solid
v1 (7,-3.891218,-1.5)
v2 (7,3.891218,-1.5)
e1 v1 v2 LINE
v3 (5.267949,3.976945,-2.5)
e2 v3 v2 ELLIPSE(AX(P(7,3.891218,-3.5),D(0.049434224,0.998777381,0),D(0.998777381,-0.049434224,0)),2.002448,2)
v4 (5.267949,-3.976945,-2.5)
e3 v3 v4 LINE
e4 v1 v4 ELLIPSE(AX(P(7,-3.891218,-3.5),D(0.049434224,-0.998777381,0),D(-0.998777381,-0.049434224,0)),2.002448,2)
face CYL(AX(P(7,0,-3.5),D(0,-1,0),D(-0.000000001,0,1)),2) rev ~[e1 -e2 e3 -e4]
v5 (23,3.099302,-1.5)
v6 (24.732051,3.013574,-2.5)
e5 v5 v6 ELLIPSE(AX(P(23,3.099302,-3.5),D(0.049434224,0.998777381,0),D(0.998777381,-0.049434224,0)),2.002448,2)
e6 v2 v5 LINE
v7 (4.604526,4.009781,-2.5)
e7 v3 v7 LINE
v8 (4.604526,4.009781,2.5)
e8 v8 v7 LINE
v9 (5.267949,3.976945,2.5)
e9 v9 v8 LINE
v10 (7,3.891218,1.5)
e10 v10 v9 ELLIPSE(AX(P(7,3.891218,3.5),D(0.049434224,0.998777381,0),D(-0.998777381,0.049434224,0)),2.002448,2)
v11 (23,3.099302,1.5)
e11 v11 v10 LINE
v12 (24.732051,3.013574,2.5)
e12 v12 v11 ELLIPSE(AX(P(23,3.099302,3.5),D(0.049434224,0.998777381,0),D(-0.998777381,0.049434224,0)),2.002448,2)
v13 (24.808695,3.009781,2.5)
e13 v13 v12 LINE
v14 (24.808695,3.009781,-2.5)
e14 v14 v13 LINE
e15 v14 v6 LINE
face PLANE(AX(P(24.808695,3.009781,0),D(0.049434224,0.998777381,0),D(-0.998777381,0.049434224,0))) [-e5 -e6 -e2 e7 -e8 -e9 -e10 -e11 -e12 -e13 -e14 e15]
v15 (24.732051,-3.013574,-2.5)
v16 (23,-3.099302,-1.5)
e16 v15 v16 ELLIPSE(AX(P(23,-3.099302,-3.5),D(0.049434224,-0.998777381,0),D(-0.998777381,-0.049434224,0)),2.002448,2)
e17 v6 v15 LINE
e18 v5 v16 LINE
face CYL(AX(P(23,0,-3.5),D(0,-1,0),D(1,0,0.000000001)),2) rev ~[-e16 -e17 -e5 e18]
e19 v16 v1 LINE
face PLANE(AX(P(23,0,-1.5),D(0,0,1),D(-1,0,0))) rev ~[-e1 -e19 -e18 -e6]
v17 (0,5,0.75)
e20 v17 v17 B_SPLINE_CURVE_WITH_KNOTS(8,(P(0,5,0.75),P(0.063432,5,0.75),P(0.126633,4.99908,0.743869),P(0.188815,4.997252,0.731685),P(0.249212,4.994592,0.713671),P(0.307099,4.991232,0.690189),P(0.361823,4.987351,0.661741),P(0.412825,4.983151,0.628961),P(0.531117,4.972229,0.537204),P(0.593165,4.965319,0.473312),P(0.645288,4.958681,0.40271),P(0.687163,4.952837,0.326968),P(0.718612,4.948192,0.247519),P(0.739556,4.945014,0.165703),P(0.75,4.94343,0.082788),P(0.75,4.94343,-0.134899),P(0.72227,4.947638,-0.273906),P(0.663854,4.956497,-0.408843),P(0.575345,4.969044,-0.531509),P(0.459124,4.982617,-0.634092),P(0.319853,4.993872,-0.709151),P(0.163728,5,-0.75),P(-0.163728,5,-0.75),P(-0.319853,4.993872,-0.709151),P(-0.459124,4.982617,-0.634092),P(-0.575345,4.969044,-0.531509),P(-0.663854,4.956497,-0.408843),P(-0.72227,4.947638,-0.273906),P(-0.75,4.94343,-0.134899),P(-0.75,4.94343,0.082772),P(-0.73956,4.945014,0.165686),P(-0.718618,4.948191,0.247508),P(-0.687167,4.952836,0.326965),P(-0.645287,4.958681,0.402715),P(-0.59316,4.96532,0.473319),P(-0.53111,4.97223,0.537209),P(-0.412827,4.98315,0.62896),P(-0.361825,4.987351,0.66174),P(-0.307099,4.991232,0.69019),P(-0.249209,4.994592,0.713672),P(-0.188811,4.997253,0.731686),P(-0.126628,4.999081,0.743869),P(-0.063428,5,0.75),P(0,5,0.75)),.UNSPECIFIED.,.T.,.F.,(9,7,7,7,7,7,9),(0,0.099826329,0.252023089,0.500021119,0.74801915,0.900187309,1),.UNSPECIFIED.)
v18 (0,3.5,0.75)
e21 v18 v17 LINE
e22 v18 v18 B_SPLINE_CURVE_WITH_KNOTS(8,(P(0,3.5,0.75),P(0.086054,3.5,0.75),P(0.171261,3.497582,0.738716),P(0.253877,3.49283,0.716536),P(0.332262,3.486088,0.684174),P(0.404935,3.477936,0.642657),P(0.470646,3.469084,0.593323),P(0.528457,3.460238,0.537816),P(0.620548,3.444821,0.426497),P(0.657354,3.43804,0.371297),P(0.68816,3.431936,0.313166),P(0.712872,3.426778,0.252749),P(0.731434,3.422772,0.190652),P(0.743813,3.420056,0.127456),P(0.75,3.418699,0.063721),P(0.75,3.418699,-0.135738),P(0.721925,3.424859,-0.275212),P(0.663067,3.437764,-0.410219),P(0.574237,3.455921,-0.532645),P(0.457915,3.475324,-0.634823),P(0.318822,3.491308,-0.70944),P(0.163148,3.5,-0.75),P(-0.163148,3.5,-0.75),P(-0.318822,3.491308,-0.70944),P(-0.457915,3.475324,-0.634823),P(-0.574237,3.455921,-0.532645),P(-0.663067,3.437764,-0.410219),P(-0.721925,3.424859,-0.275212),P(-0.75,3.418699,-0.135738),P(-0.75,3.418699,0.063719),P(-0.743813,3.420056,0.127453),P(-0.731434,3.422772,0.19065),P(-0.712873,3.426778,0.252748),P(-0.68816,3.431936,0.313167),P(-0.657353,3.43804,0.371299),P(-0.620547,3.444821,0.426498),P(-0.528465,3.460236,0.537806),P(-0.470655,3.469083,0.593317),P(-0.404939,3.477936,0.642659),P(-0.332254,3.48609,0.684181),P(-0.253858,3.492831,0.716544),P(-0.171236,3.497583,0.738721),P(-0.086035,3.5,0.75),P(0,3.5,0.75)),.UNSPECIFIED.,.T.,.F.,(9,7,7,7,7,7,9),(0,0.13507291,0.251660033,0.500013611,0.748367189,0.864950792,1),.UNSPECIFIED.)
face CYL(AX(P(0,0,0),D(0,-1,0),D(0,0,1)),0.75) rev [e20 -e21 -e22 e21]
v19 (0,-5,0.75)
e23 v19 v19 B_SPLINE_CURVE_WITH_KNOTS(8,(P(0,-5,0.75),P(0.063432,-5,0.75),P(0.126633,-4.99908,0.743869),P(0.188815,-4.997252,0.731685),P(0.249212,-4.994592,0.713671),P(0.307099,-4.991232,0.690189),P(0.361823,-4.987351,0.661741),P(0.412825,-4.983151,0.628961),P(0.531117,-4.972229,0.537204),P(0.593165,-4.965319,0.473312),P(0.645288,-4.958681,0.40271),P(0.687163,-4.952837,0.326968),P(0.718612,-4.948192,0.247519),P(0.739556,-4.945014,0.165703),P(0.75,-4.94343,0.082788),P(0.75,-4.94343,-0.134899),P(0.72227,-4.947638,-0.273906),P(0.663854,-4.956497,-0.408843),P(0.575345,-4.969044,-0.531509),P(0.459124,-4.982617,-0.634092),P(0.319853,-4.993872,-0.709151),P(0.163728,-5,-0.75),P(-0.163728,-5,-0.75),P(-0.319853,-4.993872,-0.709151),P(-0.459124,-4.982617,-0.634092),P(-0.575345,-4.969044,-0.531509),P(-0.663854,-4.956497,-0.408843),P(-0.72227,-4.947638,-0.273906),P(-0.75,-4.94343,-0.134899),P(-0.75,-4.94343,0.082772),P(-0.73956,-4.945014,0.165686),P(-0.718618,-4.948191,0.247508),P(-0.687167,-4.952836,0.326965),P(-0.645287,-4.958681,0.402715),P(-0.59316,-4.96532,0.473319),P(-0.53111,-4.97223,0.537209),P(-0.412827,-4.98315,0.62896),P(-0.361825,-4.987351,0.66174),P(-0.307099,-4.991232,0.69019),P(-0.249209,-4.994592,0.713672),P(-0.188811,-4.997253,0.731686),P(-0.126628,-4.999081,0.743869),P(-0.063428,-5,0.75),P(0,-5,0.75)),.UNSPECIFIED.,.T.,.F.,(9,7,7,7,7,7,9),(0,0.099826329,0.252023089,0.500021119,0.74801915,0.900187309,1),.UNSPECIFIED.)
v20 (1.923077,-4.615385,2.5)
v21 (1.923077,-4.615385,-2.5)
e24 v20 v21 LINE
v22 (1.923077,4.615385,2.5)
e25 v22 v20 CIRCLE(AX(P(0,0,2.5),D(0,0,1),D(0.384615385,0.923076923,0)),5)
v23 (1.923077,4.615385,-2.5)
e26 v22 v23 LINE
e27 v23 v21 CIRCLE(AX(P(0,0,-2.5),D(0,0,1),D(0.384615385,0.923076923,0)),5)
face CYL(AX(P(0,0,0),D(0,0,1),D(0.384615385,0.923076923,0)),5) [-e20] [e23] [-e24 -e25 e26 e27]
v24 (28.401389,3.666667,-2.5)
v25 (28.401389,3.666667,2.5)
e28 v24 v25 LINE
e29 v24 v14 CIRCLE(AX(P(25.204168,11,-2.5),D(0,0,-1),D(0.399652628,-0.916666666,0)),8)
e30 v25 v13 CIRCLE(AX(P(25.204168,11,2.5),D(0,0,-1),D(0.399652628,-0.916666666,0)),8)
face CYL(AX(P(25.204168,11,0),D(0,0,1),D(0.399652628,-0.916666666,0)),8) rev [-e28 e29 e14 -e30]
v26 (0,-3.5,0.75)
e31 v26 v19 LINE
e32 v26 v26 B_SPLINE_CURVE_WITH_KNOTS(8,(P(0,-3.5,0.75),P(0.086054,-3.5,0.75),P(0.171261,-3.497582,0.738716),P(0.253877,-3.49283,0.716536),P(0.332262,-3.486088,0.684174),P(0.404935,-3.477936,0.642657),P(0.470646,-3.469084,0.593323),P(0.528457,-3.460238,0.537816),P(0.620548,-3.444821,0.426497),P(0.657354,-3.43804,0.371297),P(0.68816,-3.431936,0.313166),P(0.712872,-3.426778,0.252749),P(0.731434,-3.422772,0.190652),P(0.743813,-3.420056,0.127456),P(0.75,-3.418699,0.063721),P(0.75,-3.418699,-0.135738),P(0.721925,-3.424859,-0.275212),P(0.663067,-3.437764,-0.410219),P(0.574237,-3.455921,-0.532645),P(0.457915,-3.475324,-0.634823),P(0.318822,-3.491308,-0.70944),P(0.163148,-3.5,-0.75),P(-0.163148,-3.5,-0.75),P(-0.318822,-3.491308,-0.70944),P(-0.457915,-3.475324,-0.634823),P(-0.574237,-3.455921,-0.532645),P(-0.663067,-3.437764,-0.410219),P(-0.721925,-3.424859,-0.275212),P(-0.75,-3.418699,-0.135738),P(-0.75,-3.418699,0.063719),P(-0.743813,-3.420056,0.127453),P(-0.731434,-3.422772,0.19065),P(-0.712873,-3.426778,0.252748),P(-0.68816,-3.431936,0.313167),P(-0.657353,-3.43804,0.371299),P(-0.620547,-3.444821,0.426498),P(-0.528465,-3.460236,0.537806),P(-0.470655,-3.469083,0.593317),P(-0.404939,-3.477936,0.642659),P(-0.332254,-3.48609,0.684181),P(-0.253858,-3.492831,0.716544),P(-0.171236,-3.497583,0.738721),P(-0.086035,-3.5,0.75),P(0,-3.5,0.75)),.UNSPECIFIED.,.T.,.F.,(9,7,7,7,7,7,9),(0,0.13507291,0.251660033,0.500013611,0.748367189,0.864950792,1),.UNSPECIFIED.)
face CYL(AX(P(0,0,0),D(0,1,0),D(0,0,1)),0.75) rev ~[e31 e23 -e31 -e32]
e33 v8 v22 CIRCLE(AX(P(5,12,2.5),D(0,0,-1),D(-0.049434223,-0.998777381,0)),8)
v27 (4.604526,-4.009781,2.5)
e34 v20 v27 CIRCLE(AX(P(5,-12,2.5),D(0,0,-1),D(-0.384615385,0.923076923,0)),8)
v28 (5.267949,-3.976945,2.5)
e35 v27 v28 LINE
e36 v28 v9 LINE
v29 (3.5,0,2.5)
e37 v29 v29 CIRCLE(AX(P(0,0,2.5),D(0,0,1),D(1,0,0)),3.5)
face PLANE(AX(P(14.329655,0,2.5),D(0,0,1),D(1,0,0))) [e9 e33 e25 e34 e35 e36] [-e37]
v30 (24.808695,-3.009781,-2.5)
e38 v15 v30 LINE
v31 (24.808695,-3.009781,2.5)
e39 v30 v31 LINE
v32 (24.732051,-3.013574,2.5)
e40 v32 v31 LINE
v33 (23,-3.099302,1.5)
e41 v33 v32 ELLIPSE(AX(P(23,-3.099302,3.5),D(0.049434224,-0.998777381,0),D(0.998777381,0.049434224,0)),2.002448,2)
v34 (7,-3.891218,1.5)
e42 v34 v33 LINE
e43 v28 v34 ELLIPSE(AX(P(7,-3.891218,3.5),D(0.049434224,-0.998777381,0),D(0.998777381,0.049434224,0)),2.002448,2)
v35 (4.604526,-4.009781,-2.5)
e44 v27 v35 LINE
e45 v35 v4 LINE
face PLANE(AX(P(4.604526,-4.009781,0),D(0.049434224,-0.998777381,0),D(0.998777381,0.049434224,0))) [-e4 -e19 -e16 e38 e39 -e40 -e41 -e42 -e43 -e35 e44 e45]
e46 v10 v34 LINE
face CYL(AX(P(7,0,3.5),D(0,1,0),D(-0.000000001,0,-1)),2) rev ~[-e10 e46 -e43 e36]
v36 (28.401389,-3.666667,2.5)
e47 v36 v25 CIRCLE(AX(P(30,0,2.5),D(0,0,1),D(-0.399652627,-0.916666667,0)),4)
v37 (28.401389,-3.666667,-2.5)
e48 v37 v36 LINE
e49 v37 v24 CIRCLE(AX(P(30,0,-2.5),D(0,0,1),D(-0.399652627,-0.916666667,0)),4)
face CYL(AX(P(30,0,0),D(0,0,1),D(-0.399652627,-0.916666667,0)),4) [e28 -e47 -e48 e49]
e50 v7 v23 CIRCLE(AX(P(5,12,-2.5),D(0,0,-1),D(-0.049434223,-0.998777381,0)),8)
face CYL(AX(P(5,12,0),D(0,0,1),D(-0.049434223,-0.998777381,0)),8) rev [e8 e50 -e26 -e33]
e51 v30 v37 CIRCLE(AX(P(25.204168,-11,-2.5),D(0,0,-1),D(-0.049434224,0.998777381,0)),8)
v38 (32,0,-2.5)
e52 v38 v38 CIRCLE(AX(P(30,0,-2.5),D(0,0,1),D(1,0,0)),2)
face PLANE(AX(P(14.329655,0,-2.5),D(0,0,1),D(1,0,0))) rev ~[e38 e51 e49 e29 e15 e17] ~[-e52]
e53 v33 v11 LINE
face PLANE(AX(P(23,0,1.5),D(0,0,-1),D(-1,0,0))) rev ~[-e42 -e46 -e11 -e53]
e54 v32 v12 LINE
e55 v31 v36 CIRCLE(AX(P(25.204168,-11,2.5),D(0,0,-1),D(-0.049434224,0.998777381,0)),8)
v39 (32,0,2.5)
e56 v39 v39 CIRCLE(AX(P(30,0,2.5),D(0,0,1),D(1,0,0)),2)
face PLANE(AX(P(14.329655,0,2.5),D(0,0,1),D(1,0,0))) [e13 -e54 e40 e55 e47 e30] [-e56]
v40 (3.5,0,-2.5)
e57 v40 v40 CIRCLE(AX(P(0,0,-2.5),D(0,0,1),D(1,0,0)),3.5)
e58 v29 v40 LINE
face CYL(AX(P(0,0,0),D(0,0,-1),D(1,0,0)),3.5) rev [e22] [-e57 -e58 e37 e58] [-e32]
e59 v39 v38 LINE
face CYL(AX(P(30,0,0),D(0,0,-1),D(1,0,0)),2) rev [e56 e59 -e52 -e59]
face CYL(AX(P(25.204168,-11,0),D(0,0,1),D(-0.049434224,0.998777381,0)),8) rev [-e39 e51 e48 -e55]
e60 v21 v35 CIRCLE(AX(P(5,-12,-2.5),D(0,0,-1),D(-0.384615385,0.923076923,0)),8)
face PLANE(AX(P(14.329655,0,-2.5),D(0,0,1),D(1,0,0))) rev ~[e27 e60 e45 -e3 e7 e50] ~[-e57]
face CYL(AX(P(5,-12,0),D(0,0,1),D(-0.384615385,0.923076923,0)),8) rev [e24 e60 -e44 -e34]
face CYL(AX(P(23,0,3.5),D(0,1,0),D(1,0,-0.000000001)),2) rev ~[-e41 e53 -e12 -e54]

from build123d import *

# Parameters (mm, degrees)
ESQUISSE1_R             = 2
ESQUISSE1_R_2           = 3.5
BASE_EXTRUSION_DEPTH    = 2.5
ESQUISSE2_R             = 0.75
ENL_V_MAT_EXTRU_1_DEPTH = 10


with BuildPart() as part:
    # Esquisse1 → Base-Extrusion (new, symmetric)
    with BuildSketch(Plane.XY):
        with BuildLine():
            Line((4.604526211, -4.009780949), (24.808694688, -3.009780949))
            ThreePointArc((24.808694688, -3.009780949), (26.64302969, -3.130458818), (28.401389492, -3.666666667))
            ThreePointArc((28.401389492, -3.666666667), (34, 0), (28.401389492, 3.666666667))
            ThreePointArc((28.401389492, 3.666666667), (26.64302969, 3.130458818), (24.808694688, 3.009780949))
            Line((24.808694688, 3.009780949), (4.604526211, 4.009780949))
            ThreePointArc((4.604526211, 4.009780949), (3.237594273, 4.196543967), (1.923076923, 4.615384615))
            ThreePointArc((1.923076923, 4.615384615), (-5, 0), (1.923076923, -4.615384615))
            ThreePointArc((1.923076923, -4.615384615), (3.237594273, -4.196543967), (4.604526211, -4.009780949))
        make_face()
        with Locations((30, 0)):
            Circle(ESQUISSE1_R, mode=Mode.SUBTRACT)
        Circle(ESQUISSE1_R_2, mode=Mode.SUBTRACT)
    extrude(amount=BASE_EXTRUSION_DEPTH, both=True)

    # Esquisse2 → Enlèv. mat.-Extru.1 (cut, symmetric)
    with BuildSketch(Plane(origin=(0, 0, 0), x_dir=(1, 0, 0), z_dir=(0, 1, 0))):
        with Locations(Location((0, 0, 0), (0, 0, 270))):
            Circle(ESQUISSE2_R)
        with BuildLine():
            Line((5, 6.563022401), (25, 6.563022401))
            Line((25, 6.563022401), (25, 3.5))
            ThreePointArc((25, 3.5), (24.414213562, 2.085786438), (23, 1.5))
            Line((23, 1.5), (7, 1.5))
            ThreePointArc((7, 1.5), (5.585786438, 2.085786438), (5, 3.5))
            Line((5, 3.5), (5, 6.563022401))
        make_face()
        with BuildLine():
            Line((5, -5.954530257), (25, -5.954530257))
            Line((25, -5.954530257), (25, -3.5))
            ThreePointArc((25, -3.5), (24.414213562, -2.085786438), (23, -1.5))
            Line((23, -1.5), (7, -1.5))
            ThreePointArc((7, -1.5), (5.585786438, -2.085786438), (5, -3.5))
            Line((5, -3.5), (5, -5.954530257))
        make_face()
    extrude(amount=ENL_V_MAT_EXTRU_1_DEPTH, both=True, mode=Mode.SUBTRACT)


solid = part.part
